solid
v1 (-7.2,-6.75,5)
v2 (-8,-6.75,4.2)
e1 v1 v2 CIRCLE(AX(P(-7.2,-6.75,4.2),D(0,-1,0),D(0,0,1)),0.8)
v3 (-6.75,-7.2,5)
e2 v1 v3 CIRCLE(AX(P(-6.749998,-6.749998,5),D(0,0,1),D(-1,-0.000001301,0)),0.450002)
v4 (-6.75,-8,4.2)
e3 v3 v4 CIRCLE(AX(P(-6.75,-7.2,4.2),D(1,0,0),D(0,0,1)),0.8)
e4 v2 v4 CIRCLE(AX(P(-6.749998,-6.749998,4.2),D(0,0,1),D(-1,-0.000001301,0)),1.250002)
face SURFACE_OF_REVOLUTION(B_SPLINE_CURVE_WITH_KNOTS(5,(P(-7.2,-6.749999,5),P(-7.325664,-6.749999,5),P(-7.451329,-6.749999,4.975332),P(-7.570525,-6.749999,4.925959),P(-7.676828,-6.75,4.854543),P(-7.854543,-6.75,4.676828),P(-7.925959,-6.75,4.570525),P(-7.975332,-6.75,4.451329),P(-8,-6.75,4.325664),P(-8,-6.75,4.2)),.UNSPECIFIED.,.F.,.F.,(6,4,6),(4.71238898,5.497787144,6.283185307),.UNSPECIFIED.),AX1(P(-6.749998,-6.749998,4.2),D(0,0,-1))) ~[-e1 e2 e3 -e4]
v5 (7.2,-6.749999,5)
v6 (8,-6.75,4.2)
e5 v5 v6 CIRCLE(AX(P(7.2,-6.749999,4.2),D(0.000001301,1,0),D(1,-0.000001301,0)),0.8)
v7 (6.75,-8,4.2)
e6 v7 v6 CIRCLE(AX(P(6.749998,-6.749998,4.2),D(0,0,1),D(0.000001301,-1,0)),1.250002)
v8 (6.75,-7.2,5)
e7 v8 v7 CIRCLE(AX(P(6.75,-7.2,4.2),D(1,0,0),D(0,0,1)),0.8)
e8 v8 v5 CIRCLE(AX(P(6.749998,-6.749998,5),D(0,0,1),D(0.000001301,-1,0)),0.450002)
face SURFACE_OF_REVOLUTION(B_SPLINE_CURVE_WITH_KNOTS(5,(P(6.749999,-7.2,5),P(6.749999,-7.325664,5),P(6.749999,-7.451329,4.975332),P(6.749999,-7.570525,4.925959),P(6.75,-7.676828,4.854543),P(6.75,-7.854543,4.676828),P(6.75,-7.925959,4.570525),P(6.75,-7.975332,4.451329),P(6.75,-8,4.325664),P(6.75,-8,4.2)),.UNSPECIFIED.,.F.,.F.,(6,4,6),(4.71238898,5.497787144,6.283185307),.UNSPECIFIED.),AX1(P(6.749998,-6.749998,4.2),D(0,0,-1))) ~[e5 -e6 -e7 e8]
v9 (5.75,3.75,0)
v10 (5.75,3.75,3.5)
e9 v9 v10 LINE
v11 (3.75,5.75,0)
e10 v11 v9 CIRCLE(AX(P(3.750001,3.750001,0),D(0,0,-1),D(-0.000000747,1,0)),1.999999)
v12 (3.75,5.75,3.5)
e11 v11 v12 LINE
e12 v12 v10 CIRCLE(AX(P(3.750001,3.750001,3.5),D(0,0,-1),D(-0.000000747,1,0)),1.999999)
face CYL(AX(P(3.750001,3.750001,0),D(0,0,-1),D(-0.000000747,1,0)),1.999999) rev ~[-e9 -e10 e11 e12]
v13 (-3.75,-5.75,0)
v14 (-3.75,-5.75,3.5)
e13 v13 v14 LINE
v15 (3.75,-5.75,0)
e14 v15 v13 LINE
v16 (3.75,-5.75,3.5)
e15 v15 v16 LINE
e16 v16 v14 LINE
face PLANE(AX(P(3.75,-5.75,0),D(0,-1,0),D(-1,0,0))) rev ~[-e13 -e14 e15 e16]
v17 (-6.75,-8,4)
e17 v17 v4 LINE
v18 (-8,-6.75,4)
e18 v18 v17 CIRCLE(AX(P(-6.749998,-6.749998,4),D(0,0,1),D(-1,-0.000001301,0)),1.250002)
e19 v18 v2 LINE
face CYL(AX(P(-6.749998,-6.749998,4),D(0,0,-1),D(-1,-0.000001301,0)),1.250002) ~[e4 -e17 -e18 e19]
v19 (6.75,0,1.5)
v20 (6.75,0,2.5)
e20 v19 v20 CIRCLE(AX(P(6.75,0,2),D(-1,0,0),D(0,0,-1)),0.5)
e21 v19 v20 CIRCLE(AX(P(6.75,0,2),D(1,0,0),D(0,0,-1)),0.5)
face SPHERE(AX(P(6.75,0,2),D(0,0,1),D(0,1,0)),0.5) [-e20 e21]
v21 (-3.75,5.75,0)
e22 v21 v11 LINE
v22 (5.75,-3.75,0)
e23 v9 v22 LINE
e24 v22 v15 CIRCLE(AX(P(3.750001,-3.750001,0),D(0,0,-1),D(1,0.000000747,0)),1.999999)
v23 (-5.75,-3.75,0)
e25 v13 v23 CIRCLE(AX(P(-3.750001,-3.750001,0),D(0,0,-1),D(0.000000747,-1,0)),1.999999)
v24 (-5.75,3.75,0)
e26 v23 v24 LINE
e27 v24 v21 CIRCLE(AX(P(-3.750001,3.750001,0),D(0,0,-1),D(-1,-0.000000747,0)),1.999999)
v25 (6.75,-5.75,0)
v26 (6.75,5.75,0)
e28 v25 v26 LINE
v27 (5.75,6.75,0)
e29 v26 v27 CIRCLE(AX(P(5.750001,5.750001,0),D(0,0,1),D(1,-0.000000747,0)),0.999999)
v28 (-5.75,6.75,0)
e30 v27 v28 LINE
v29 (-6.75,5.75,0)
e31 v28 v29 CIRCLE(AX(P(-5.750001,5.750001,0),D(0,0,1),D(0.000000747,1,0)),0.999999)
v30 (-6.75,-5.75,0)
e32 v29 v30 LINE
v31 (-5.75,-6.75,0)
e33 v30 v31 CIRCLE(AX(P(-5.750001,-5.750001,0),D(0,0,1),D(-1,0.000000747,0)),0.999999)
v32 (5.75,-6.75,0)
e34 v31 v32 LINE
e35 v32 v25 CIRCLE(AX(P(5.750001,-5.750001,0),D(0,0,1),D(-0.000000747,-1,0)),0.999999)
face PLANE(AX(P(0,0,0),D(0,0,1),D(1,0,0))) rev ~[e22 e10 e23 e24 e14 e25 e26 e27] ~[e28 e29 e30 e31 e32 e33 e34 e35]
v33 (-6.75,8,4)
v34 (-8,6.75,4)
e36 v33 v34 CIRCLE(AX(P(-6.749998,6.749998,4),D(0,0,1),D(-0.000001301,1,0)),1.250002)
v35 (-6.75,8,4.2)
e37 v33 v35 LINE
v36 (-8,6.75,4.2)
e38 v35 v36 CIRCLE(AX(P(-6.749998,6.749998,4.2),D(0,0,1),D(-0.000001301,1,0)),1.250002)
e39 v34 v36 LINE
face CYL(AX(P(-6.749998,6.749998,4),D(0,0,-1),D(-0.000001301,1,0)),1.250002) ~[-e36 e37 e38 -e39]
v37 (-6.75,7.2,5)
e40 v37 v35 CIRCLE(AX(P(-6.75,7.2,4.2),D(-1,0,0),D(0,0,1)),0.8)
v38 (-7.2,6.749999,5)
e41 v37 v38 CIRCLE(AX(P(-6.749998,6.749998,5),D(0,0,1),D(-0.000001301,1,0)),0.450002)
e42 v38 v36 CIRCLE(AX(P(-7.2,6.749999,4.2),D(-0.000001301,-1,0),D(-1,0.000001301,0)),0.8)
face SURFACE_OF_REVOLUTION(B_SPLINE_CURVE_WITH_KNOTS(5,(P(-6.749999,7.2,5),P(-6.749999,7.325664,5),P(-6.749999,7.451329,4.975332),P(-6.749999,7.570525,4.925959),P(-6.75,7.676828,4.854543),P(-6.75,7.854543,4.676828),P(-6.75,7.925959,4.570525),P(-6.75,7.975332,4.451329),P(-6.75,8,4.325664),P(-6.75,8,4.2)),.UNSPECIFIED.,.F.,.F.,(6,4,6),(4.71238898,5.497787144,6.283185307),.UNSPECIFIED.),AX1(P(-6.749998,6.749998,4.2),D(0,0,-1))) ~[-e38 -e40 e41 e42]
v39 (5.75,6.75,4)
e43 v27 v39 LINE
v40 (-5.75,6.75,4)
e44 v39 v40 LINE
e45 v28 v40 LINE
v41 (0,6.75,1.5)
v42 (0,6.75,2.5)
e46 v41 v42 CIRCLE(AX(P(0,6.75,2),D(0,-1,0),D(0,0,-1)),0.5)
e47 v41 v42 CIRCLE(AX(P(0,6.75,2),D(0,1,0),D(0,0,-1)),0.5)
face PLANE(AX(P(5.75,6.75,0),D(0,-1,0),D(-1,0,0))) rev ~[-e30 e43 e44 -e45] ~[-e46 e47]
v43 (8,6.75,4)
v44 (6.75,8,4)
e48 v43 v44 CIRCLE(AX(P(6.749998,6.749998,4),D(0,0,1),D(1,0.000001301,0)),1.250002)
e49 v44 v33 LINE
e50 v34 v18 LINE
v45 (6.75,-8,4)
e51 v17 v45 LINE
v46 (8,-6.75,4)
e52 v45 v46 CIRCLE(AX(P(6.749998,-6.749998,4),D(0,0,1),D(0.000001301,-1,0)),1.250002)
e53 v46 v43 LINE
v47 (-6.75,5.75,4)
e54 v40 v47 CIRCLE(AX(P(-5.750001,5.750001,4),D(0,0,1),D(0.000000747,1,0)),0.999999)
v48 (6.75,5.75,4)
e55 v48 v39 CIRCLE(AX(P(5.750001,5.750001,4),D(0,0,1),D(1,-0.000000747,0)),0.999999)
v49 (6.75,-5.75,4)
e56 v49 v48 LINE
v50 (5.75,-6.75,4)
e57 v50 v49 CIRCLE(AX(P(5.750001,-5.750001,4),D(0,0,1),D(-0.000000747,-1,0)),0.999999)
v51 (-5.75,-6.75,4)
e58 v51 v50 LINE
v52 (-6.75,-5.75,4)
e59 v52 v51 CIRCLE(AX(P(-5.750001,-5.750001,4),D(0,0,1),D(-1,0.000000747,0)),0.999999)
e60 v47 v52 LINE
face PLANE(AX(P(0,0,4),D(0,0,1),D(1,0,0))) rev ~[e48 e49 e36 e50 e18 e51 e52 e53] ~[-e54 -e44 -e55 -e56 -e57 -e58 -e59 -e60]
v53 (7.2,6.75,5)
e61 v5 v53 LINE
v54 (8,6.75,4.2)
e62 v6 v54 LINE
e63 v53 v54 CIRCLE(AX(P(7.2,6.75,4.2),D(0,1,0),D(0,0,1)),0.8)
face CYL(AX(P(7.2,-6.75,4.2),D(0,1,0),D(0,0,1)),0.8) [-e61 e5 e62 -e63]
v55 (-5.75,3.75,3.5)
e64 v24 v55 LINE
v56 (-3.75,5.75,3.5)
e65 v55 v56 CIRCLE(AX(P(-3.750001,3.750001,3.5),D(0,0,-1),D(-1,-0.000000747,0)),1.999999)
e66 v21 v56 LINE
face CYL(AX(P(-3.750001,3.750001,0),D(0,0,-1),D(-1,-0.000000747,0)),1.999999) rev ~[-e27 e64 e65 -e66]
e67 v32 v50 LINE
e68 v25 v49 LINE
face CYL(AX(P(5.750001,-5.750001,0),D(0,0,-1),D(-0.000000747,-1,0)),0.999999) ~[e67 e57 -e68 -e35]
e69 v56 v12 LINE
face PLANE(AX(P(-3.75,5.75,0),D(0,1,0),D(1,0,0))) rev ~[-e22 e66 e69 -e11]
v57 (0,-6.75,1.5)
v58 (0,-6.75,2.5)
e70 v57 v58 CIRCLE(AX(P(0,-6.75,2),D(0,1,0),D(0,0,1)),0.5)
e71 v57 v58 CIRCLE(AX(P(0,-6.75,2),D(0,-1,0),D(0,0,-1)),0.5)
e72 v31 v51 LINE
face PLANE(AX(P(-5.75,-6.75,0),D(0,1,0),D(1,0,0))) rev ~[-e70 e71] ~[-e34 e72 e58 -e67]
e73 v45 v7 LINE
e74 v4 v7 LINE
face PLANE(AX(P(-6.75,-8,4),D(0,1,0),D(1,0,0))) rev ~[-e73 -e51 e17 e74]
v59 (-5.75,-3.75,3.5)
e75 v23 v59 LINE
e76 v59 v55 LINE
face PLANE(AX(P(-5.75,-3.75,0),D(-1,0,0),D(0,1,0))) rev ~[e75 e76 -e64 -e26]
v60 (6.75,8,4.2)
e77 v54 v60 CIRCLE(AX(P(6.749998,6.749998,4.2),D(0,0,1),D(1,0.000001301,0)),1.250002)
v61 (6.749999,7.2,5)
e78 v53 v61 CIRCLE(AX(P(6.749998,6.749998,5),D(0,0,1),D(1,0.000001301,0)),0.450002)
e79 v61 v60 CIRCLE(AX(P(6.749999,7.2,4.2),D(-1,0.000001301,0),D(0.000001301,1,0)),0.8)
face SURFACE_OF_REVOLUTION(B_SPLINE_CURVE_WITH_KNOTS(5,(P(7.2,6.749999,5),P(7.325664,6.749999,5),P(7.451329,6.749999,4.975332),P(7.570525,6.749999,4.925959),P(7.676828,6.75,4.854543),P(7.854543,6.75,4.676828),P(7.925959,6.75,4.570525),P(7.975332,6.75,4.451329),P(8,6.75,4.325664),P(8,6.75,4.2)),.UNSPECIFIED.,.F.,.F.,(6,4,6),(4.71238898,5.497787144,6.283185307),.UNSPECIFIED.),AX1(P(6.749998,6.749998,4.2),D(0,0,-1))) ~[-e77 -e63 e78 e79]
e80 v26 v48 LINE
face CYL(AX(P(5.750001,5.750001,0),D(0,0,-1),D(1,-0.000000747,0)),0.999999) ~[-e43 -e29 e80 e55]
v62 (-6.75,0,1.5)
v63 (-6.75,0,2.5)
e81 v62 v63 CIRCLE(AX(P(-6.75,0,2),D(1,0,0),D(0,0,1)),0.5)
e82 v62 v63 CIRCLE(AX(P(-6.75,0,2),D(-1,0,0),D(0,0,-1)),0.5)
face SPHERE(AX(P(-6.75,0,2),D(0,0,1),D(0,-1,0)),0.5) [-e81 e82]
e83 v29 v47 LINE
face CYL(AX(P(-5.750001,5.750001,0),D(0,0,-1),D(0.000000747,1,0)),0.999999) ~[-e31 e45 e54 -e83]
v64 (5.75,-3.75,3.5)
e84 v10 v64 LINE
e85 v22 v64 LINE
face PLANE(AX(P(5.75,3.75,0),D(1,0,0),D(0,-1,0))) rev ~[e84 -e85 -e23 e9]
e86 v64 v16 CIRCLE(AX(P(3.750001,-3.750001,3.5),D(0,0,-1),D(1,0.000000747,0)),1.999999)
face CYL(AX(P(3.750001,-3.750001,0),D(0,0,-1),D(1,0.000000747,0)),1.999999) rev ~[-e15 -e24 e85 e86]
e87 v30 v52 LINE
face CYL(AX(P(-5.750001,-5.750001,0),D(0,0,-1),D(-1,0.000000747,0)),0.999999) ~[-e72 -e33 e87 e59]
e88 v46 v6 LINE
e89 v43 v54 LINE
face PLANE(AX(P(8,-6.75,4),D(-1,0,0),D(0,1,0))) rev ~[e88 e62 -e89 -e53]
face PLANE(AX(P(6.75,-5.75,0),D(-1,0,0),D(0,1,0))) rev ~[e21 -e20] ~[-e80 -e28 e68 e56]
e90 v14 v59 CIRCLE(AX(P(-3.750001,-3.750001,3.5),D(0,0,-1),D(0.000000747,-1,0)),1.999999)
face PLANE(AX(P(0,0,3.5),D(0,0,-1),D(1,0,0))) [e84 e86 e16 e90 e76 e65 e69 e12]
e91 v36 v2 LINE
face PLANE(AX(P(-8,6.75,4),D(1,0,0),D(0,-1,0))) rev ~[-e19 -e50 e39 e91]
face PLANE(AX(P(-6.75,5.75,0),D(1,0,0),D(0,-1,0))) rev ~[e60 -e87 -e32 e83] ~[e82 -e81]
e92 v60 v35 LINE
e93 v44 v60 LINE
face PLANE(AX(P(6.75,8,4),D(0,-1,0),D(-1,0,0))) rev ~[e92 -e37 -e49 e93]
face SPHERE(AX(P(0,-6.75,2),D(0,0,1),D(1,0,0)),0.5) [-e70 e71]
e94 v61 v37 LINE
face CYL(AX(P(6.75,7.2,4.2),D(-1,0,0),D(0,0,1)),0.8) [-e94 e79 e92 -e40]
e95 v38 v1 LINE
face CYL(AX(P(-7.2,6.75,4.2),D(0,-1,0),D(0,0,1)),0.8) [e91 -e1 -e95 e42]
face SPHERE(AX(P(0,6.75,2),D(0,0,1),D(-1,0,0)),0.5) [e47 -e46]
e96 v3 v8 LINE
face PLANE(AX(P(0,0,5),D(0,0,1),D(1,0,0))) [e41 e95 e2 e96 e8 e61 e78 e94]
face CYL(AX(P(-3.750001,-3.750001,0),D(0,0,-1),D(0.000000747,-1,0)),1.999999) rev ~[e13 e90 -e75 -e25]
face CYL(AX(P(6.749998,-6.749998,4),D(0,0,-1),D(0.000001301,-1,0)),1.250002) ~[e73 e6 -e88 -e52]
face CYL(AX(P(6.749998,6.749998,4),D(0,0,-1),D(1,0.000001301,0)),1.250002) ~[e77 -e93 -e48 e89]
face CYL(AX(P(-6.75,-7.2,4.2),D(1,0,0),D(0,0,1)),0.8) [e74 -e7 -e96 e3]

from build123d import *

# Parameters (mm, degrees)
PAD_DEPTH          = 4
PAD001_DEPTH       = 1
FILLET_R           = 0.8
POLARPATTERN_COUNT = 4
POCKET_DEPTH       = 3.5


with BuildPart() as part:
    # Sketch → Pad (new body)
    with BuildSketch(Plane.XY):
        with BuildLine():
            Line((5.75, 6.75), (-5.75, 6.75))
            ThreePointArc((-5.75, 6.75), (-6.457107, 6.457107), (-6.75, 5.75))
            Line((-6.75, 5.75), (-6.75, -5.75))
            ThreePointArc((-6.75, -5.75), (-6.457107, -6.457107), (-5.75, -6.75))
            Line((-5.75, -6.75), (5.75, -6.75))
            ThreePointArc((5.75, -6.75), (6.457107, -6.457107), (6.75, -5.75))
            Line((6.75, -5.75), (6.75, 5.75))
            ThreePointArc((6.75, 5.75), (6.457107, 6.457107), (5.75, 6.75))
        make_face()
    extrude(amount=PAD_DEPTH)

    # Sketch001 (on Face10 of Pad) → Pad001 (join)
    with BuildSketch(Plane.XY.offset(4)):
        with BuildLine():
            Line((6.75, 8), (-6.75, 8))
            ThreePointArc((-6.75, 8), (-7.633883, 7.633883), (-8, 6.75))
            Line((-8, 6.75), (-8, -6.75))
            ThreePointArc((-8, -6.75), (-7.633883, -7.633883), (-6.75, -8))
            Line((-6.75, -8), (6.75, -8))
            ThreePointArc((6.75, -8), (7.633883, -7.633883), (8, -6.75))
            Line((8, -6.75), (8, 6.75))
            ThreePointArc((8, 6.75), (7.633883, 7.633883), (6.75, 8))
        make_face()
    extrude(amount=PAD001_DEPTH)

    # Fillet
    fillet_edges = [part.edges().sort_by_distance(p)[0] for p in [
        (0, -8, 5),
        (-7.633883, -7.633883, 5),
        (-8, 0, 5),
        (-7.633883, 7.633883, 5),
        (0, 8, 5),
        (7.633883, 7.633883, 5),
        (8, 0, 5),
        (7.633883, -7.633883, 5),
    ]]
    fillet(fillet_edges, radius=FILLET_R)

    # Sphere → Sphere (revolve)
    with BuildSketch(Plane(origin=(0, -6.75, 2), x_dir=(1, 0, 0), z_dir=(0, -1, 0))):
        with BuildLine():
            ThreePointArc((0, -0.5), (0.5, 0), (0, 0.5))
            Line((0, 0.5), (0, -0.5))
        make_face()
    sphere = revolve(axis=Axis((0, -6.75, 2), (0, 0, 1)))

    # PolarPattern: Sphere ×4 about axis
    polarpattern_axis = Axis((0, 0, 0), (0, 0, 1))
    for i in range(1, POLARPATTERN_COUNT):
        add(sphere.rotate(polarpattern_axis, i * 360 / POLARPATTERN_COUNT))

    # Sketch004 (on Face27 of PolarPattern) → Pocket (cut)
    with BuildSketch(Plane(origin=(0, -6.75, 0), x_dir=(1, 0, 0), z_dir=(0, 0, -1))):
        with BuildLine():
            Line((-5.75, -3), (-5.75, -10.5))
            ThreePointArc((-5.75, -10.5), (-5.164214, -11.914214), (-3.75, -12.5))
            Line((-3.75, -12.5), (3.75, -12.5))
            ThreePointArc((3.75, -12.5), (5.164214, -11.914214), (5.75, -10.5))
            Line((5.75, -10.5), (5.75, -3))
            ThreePointArc((5.75, -3), (5.164214, -1.585786), (3.75, -1))
            Line((3.75, -1), (-3.75, -1))
            ThreePointArc((-3.75, -1), (-5.164214, -1.585786), (-5.75, -3))
        make_face()
    extrude(amount=-POCKET_DEPTH, mode=Mode.SUBTRACT)


solid = part.part
